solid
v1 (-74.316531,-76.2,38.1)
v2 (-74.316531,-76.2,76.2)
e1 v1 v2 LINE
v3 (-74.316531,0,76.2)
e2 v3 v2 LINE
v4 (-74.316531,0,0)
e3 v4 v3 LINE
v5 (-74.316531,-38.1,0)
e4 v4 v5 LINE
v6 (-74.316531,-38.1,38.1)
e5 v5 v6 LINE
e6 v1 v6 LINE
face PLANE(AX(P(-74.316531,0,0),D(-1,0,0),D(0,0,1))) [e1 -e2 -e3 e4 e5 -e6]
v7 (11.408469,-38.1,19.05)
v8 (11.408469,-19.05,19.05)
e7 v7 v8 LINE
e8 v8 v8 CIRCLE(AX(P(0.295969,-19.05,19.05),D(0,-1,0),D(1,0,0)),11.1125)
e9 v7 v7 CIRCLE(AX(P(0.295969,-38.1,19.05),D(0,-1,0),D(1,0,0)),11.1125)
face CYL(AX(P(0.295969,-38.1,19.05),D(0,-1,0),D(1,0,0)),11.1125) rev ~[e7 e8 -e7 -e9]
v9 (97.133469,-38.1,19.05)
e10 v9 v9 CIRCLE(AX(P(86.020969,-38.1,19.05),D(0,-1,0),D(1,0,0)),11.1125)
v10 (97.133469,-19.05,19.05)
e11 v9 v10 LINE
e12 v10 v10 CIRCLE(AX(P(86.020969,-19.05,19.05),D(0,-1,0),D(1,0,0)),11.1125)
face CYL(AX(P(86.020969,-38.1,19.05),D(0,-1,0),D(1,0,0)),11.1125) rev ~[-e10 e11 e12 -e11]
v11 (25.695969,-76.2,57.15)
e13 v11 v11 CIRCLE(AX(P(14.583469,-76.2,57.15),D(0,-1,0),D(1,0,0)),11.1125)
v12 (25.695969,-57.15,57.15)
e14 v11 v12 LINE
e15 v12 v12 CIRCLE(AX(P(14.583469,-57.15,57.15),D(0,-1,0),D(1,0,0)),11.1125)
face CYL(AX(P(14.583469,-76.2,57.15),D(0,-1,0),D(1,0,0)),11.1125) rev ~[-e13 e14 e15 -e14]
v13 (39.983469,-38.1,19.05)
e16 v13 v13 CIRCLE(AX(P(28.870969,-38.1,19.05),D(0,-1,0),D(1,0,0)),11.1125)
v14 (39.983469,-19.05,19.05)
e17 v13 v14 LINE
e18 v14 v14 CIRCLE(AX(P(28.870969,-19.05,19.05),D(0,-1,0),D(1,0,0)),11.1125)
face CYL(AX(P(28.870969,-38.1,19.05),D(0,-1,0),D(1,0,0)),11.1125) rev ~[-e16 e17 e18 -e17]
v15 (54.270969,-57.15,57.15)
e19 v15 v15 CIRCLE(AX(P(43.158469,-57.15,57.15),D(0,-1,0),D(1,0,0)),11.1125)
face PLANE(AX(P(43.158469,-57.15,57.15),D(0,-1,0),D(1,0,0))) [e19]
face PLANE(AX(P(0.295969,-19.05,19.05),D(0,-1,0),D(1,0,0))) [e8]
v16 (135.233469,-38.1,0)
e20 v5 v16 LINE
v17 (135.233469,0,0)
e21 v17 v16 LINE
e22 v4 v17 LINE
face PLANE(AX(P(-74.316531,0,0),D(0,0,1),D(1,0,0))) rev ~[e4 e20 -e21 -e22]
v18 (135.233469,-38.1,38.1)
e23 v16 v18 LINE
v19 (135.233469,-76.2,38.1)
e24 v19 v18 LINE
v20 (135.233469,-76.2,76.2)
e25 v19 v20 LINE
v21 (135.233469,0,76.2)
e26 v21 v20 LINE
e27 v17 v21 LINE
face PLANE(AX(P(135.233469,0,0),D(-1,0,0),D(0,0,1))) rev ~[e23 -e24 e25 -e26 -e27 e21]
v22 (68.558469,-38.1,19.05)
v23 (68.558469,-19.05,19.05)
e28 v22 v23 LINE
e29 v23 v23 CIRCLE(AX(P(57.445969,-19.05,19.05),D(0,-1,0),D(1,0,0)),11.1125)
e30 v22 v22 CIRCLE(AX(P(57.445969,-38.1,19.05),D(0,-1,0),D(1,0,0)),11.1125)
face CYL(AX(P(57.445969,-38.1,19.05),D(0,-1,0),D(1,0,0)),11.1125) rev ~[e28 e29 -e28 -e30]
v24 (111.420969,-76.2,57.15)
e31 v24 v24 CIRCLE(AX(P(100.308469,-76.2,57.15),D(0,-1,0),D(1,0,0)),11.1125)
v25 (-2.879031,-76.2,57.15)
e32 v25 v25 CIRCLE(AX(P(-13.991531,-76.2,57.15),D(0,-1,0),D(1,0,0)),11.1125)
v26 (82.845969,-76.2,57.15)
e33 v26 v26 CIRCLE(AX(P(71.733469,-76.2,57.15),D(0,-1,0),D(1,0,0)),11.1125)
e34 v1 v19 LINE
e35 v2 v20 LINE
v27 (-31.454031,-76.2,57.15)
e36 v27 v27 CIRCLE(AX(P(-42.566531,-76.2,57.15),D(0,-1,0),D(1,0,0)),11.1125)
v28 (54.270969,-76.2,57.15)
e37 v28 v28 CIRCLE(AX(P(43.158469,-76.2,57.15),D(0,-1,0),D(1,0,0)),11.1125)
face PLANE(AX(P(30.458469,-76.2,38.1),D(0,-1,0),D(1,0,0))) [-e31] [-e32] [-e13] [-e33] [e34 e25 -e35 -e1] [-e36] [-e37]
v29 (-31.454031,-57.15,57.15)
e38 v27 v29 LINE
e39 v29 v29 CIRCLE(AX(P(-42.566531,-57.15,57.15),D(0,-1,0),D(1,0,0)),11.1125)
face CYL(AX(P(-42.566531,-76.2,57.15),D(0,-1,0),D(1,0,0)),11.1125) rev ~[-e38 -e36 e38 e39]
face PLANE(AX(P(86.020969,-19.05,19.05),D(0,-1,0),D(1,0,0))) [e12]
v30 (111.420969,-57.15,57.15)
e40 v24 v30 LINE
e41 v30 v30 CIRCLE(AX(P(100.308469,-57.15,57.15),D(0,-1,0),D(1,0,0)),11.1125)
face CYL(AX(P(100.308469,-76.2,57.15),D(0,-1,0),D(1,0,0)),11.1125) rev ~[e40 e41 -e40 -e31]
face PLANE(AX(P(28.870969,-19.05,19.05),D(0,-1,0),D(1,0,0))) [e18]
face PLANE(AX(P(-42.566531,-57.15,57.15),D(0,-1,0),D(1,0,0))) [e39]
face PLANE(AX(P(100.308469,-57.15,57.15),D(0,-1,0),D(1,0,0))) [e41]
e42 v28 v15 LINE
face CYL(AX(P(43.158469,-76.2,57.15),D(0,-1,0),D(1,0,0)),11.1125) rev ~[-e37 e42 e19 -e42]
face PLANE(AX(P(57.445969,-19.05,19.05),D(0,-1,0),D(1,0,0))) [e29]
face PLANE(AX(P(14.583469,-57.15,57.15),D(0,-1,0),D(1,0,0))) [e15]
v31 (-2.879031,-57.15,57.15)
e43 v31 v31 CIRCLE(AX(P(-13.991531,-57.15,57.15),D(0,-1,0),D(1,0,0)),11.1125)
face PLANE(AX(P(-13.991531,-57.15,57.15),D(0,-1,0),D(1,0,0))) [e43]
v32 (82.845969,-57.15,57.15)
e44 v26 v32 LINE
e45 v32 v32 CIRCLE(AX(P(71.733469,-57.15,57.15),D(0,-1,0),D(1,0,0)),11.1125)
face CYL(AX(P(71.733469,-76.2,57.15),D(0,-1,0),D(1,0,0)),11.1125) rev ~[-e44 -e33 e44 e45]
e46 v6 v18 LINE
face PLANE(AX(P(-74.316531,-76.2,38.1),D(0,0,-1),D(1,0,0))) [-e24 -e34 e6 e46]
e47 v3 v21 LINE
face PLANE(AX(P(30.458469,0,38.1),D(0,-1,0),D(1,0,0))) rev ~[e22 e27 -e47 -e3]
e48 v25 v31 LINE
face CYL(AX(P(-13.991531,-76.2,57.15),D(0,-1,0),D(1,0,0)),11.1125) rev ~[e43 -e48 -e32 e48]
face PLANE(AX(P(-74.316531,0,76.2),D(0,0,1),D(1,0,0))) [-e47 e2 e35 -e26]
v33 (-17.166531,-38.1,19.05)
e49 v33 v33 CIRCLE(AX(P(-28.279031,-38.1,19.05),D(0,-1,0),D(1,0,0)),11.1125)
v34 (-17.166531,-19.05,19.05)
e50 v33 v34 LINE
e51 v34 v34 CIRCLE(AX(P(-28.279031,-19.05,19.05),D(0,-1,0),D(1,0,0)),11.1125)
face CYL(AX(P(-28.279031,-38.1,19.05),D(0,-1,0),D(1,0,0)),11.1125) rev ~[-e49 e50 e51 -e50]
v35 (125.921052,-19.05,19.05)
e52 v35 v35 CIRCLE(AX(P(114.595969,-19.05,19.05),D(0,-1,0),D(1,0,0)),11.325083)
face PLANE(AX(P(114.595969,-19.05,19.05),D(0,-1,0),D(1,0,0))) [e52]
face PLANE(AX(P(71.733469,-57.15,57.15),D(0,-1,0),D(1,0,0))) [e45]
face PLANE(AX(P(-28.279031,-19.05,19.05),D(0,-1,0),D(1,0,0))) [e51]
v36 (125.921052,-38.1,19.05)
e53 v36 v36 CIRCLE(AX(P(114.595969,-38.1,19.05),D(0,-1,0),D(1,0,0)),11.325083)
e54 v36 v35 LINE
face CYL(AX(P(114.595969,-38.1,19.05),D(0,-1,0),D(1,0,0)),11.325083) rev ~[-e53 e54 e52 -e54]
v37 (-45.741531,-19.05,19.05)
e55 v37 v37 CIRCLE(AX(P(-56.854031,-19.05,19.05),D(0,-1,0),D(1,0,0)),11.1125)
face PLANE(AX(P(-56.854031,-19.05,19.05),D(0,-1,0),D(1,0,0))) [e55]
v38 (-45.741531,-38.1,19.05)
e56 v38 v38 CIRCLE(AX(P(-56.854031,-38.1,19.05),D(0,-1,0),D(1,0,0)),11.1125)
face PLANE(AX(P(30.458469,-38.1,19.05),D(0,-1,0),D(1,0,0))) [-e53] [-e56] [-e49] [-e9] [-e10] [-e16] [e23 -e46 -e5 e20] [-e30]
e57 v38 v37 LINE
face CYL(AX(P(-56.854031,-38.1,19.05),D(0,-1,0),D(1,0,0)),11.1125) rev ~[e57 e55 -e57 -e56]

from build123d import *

# Parameters (mm, degrees)
F0_W     = 209.55
F0_H     = 76.2
F1_DEPTH = 76.2
F2_W     = 209.55
F2_H     = 38.1
F3_DEPTH = 38.1
F4_R     = 11.1125
F4_R_2   = 11.325083
F5_DEPTH = 19.05
F6_R     = 11.1125
F7_DEPTH = 19.05


with BuildPart() as f1:
    # F0 (on Front) → F1 (new body)
    with BuildSketch(Plane.XZ):
        with Locations((30.458469, 38.1)):
            Rectangle(F0_W, F0_H)
    extrude(amount=F1_DEPTH)

    # F2 (on face) → F3 (cut)
    with BuildSketch(Plane.XZ.offset(76.2)):
        with Locations((30.458469, 19.05)):
            Rectangle(F2_W, F2_H)
    extrude(amount=-F3_DEPTH, mode=Mode.SUBTRACT)

    # F4 (on face) → F5 (cut)
    with BuildSketch(Plane.XZ.offset(38.1)):
        with Locations((-56.854031, 19.05)):
            Circle(F4_R)
        with Locations((-28.279031, 19.05)):
            Circle(F4_R)
        with Locations((0.295969, 19.05)):
            Circle(F4_R)
        with Locations((57.445969, 19.05)):
            Circle(F4_R)
        with Locations((86.020969, 19.05)):
            Circle(F4_R)
        with Locations((114.595969, 19.05)):
            Circle(F4_R_2)
        with Locations((28.870969, 19.05)):
            Circle(F4_R)
    extrude(amount=-F5_DEPTH, mode=Mode.SUBTRACT)

    # F6 (on face) → F7 (cut)
    with BuildSketch(Plane.XZ.offset(76.2)):
        with Locations((-42.566531, 57.15)):
            Circle(F6_R)
        with Locations((-13.991531, 57.15)):
            Circle(F6_R)
        with Locations((14.583469, 57.15)):
            Circle(F6_R)
        with Locations((43.158469, 57.15)):
            Circle(F6_R)
        with Locations((71.733469, 57.15)):
            Circle(F6_R)
        with Locations((100.308469, 57.15)):
            Circle(F6_R)
    extrude(amount=-F7_DEPTH, mode=Mode.SUBTRACT)


solid = f1.part
